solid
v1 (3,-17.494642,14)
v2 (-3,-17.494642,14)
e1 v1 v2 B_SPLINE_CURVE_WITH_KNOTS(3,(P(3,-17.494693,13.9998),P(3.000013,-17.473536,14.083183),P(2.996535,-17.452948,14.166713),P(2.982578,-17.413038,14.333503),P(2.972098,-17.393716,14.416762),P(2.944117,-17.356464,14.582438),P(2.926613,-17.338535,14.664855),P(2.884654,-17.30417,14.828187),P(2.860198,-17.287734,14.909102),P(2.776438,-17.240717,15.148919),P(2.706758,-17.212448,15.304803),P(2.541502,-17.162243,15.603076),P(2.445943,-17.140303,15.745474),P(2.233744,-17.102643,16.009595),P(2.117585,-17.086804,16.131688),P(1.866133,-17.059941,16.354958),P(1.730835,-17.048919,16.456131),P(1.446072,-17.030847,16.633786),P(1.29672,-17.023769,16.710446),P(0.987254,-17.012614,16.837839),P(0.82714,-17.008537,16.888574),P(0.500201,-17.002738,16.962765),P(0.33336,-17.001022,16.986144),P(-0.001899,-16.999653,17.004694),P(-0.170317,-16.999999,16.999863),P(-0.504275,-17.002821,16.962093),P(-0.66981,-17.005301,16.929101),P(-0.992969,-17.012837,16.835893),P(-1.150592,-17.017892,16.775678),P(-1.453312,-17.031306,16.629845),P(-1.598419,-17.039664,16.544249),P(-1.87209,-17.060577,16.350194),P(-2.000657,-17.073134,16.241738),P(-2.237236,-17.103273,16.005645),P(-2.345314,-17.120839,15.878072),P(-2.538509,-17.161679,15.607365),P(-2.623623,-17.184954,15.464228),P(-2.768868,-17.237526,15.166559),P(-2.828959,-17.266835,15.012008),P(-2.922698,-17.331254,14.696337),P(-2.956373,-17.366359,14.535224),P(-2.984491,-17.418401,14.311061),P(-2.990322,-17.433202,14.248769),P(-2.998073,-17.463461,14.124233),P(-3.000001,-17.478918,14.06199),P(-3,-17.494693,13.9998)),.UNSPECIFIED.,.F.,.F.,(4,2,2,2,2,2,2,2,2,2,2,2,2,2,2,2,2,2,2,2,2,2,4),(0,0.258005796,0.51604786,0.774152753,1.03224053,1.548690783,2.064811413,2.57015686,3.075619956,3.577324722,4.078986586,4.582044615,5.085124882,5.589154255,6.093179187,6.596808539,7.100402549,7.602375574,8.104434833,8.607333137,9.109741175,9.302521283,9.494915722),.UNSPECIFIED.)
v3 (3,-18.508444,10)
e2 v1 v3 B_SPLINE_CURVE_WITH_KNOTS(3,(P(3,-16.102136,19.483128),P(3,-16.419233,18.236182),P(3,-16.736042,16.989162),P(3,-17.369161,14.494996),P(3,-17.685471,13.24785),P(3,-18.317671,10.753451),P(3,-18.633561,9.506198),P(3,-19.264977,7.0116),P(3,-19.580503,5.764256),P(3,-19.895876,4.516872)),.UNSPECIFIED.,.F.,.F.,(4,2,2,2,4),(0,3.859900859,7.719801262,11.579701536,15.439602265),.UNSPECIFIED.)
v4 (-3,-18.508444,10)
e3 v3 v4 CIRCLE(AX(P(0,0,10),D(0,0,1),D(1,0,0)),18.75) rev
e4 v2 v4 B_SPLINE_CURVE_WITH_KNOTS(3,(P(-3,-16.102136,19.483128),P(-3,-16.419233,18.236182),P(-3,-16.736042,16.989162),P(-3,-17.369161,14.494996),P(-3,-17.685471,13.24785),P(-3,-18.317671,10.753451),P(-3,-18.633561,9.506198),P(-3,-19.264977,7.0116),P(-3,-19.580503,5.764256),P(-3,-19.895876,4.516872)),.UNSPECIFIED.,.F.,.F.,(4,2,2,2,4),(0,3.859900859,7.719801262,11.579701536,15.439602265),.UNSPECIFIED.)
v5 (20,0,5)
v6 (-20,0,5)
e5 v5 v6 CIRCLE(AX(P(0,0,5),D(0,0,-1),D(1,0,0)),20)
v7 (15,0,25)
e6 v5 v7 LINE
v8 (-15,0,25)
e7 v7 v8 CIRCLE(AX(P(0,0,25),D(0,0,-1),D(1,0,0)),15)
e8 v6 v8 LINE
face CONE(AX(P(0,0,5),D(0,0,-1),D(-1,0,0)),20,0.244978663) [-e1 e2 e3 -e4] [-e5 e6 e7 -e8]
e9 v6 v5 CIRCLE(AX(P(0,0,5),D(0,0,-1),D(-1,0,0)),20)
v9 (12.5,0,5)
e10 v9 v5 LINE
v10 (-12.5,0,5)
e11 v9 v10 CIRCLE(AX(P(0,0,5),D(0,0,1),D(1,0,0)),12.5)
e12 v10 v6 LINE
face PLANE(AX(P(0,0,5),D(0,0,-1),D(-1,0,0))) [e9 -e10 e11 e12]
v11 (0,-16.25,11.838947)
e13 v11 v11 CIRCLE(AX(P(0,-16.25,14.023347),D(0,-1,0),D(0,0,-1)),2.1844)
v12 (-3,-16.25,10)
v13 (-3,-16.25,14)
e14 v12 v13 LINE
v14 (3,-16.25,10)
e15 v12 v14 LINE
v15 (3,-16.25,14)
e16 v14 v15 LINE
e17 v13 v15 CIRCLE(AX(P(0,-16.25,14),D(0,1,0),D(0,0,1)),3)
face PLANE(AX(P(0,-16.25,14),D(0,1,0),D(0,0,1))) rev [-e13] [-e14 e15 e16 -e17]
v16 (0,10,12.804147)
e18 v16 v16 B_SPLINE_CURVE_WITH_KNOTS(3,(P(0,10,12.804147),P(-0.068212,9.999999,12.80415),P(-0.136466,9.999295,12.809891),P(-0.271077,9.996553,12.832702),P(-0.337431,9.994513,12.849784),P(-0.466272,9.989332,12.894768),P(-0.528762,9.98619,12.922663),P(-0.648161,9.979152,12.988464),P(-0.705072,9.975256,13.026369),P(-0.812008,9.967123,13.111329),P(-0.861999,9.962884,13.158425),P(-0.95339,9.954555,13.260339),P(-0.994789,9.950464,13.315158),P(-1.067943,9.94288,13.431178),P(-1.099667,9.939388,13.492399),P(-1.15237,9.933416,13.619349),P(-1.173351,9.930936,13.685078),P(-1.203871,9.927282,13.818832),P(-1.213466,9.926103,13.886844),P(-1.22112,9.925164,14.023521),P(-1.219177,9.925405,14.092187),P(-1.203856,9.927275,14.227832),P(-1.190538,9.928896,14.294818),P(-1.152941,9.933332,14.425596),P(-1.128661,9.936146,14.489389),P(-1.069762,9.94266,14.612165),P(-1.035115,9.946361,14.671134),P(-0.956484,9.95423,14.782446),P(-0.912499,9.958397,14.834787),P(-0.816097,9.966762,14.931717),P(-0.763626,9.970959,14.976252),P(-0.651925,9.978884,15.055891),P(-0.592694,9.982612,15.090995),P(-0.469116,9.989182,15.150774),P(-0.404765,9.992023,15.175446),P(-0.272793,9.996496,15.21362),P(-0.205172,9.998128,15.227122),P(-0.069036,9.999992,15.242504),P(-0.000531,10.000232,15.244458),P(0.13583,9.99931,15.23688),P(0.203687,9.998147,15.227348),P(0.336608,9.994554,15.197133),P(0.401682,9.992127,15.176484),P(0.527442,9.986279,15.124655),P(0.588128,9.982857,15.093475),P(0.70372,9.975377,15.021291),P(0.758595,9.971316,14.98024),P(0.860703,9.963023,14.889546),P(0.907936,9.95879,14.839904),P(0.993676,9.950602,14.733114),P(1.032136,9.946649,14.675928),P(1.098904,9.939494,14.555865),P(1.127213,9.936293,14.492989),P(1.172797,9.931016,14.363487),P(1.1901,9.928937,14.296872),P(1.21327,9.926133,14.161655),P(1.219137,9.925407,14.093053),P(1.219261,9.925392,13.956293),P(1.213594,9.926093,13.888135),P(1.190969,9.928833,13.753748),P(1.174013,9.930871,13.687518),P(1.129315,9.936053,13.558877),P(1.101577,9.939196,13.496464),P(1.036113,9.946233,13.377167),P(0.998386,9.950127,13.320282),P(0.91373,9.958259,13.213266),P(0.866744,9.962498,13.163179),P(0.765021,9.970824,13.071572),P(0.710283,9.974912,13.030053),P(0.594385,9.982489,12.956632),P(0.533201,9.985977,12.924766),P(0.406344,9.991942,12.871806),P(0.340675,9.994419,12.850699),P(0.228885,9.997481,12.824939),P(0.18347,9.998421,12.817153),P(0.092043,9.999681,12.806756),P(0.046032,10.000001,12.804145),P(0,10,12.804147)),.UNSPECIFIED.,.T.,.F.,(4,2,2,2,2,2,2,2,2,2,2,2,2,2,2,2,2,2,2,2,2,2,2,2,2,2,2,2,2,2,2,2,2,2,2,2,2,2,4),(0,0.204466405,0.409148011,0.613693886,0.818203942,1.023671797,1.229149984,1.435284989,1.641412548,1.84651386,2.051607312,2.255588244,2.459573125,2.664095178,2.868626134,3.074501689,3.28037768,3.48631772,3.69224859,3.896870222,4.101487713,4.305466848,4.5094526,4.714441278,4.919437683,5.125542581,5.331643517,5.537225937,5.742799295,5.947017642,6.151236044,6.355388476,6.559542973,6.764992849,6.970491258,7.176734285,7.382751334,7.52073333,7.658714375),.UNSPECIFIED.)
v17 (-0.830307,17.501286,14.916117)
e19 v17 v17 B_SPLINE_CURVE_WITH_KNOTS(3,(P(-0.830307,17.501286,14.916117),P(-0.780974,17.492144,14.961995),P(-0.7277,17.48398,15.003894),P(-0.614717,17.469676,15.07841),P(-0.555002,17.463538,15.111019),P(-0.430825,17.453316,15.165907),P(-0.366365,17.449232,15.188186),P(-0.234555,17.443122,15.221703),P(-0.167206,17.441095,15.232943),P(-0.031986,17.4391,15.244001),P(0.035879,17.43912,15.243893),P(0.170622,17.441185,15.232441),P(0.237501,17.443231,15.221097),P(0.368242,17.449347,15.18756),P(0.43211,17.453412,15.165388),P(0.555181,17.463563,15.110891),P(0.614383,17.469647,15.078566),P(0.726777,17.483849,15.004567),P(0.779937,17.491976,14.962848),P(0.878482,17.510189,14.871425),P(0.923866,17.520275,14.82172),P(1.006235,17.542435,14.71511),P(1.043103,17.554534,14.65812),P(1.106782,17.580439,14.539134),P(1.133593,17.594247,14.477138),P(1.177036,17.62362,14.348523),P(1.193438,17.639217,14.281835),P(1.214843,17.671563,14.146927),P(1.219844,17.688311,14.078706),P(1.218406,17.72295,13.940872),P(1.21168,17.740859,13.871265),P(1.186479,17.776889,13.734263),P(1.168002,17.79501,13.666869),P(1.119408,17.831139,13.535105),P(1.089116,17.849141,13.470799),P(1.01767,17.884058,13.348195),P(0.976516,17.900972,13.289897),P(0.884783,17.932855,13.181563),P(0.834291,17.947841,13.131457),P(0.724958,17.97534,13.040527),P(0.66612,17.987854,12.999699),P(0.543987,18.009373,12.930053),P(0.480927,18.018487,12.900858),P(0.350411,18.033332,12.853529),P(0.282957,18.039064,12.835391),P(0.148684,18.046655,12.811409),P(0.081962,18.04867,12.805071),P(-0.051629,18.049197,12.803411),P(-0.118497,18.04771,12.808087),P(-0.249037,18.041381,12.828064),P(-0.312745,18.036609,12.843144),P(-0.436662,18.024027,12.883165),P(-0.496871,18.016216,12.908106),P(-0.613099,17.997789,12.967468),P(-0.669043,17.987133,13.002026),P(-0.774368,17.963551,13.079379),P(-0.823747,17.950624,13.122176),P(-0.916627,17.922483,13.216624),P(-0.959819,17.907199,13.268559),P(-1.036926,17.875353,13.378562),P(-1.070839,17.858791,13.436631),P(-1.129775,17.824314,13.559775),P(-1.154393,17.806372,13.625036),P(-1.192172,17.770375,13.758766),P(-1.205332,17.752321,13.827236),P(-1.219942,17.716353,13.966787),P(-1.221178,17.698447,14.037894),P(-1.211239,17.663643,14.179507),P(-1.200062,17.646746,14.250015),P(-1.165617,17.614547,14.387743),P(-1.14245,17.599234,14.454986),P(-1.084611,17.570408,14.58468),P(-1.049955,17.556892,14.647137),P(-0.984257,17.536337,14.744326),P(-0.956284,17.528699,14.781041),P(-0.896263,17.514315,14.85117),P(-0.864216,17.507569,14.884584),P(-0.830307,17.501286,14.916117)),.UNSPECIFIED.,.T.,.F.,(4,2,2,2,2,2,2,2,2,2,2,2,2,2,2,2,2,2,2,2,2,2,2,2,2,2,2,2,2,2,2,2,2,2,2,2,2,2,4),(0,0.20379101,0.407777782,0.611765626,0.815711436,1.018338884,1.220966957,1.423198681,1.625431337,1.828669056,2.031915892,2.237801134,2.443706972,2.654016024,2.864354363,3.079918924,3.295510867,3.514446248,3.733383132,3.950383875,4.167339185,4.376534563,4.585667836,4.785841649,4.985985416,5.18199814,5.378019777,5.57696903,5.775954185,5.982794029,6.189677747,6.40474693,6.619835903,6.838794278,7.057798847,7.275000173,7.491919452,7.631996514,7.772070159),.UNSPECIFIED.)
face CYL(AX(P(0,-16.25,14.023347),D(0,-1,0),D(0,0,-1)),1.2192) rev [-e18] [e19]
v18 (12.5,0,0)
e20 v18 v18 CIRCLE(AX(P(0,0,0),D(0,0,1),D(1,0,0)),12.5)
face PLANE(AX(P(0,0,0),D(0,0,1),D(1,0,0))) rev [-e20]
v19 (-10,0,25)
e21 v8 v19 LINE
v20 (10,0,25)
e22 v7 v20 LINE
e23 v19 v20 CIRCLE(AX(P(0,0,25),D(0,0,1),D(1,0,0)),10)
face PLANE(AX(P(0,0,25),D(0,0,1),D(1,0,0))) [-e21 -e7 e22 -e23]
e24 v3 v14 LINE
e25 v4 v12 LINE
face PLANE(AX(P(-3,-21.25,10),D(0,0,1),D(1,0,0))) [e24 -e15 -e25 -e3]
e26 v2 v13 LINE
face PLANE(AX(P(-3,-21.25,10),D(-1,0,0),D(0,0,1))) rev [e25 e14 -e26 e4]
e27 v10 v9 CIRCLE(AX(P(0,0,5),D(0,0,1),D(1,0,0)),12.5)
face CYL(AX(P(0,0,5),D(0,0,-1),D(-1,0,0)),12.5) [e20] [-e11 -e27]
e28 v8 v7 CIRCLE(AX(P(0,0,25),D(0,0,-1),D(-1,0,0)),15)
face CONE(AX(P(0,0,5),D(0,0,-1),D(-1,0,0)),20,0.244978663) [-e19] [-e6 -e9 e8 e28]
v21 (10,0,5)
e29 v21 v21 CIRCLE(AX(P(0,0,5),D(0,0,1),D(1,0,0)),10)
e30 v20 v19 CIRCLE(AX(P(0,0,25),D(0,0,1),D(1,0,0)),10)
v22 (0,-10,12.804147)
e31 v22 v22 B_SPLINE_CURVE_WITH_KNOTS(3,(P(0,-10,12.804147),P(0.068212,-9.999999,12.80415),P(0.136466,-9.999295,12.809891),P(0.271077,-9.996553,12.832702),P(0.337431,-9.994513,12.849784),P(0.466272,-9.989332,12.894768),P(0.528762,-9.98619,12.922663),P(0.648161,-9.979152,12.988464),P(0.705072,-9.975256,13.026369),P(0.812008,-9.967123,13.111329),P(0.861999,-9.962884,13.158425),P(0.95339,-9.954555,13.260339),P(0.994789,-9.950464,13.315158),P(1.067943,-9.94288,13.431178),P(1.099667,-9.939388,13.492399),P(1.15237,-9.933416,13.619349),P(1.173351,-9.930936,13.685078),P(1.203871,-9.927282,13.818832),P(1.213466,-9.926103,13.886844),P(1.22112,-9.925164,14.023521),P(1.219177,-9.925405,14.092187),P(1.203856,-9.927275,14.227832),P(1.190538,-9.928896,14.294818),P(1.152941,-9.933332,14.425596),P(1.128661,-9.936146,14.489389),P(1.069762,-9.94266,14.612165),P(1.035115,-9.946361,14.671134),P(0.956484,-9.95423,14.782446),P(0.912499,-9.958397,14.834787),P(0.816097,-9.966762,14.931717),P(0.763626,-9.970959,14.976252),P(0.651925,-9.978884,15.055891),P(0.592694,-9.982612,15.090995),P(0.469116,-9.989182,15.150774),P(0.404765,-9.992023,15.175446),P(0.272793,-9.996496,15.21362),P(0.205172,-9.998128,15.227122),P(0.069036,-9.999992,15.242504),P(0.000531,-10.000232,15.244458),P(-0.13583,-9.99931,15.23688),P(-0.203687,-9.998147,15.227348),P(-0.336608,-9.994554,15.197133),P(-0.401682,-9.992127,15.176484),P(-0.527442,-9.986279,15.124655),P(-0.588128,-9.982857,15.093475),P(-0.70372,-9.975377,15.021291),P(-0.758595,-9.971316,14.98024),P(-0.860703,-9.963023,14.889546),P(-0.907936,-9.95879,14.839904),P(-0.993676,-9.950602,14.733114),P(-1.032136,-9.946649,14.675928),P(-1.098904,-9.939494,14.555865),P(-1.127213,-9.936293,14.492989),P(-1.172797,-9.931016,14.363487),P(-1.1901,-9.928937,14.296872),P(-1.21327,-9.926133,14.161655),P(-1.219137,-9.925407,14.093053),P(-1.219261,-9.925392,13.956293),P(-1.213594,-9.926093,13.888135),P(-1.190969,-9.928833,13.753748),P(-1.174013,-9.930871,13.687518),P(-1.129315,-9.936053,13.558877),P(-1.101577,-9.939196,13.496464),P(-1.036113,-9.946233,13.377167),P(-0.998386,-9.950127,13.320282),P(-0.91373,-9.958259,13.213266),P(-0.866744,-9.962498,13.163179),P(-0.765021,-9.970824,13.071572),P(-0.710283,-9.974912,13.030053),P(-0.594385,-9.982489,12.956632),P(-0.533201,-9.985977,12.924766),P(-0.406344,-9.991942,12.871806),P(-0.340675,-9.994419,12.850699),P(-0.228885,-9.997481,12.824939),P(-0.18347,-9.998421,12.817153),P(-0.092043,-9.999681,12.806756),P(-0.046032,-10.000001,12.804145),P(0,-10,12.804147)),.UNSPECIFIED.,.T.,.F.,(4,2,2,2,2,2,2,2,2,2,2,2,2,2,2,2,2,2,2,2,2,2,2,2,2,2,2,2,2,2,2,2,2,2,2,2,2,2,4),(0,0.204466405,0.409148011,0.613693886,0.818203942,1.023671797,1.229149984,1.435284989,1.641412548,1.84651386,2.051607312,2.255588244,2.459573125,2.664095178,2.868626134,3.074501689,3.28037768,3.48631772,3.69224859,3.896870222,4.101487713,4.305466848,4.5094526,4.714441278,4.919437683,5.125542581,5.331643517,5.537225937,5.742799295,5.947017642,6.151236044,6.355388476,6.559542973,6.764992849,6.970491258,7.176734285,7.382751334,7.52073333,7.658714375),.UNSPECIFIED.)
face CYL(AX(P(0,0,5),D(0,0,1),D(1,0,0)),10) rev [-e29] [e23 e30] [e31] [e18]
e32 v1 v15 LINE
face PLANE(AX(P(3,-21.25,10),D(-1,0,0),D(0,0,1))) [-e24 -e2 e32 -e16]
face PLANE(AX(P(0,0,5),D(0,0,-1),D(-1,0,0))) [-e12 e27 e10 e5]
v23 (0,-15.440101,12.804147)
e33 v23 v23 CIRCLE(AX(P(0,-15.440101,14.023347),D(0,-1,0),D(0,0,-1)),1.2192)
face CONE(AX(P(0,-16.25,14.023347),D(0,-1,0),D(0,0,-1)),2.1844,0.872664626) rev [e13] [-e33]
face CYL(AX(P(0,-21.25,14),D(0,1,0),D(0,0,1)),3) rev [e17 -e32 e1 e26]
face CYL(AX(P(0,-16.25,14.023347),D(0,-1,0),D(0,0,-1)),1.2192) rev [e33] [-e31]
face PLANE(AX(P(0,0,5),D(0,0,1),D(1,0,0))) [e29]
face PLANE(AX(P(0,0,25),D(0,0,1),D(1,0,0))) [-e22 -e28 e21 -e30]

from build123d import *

# Parameters (mm, degrees)
SKETCH1_R                                         = 12.5
BOSS_EXTRUDE1_DEPTH                               = 5
SKETCH4_R                                         = 10
CUT_EXTRUDE1_DEPTH                                = 20
CUT_EXTRUDE2_START                                = -16.25
CUT_EXTRUDE2_DEPTH                                = 5
CSK_FOR_2_FLAT_HEAD_MACHINE_SCREW_100_D           = 2.4384
CSK_FOR_2_FLAT_HEAD_MACHINE_SCREW_100_CSINK_D     = 4.3688
CSK_FOR_2_FLAT_HEAD_MACHINE_SCREW_100_CSINK_ANGLE = 100


with BuildPart() as part:
    # Sketch1 → Boss-Extrude1 (new body)
    with BuildSketch(Plane.XY):
        Circle(SKETCH1_R)
    extrude(amount=BOSS_EXTRUDE1_DEPTH)

    # Sweep1: sweep along a curve in space
    with BuildLine() as sweep1_path:
        ThreePointArc((12.5, 0, 5), (8.838834765, 8.838834765, 5), (0, 12.5, 5))
        ThreePointArc((0, 12.5, 5), (-8.838834765, 8.838834765, 5), (-12.5, 0, 5))
        ThreePointArc((-12.5, 0, 5), (-8.838834765, -8.838834765, 5), (0, -12.5, 5))
        ThreePointArc((0, -12.5, 5), (8.838834765, -8.838834765, 5), (12.5, 0, 5))
    # Sketch3 → Sweep1 (sweep)
    with BuildSketch(Plane(origin=(0, 0, 0), x_dir=(1, 0, 0), z_dir=(0, 1, 0))):
        Polygon((0, -5), (-20, -5), (-15, -25), (0, -25), align=None)
    sweep(path=sweep1_path.line)

    # Sketch4 → Cut-Extrude1 (cut)
    with BuildSketch(Plane.XY.offset(25)):
        Circle(SKETCH4_R)
    extrude(amount=-CUT_EXTRUDE1_DEPTH, mode=Mode.SUBTRACT)

    # Sketch11 → Cut-Extrude2 (cut)
    with BuildSketch(Plane(origin=(0, 0, 0), x_dir=(1, 0, 0), z_dir=(0, 1, 0)).offset(CUT_EXTRUDE2_START)):
        with BuildLine():
            Line((-3, -10), (3, -10))
            Line((3, -10), (3, -14))
            ThreePointArc((3, -14), (0, -17), (-3, -14))
            Line((-3, -14), (-3, -10))
        make_face()
    extrude(amount=-CUT_EXTRUDE2_DEPTH, mode=Mode.SUBTRACT)

    # CSK for #2 Flat Head Machine Screw (100)2 (through all)
    with Locations(Plane(origin=(0, -16.25, 14.023346871), x_dir=(0, 0, -1), z_dir=(0, -1, 0))):
        with Locations((0, 0)):
            CounterSinkHole(CSK_FOR_2_FLAT_HEAD_MACHINE_SCREW_100_D / 2, CSK_FOR_2_FLAT_HEAD_MACHINE_SCREW_100_CSINK_D / 2, counter_sink_angle=CSK_FOR_2_FLAT_HEAD_MACHINE_SCREW_100_CSINK_ANGLE)


solid = part.part
